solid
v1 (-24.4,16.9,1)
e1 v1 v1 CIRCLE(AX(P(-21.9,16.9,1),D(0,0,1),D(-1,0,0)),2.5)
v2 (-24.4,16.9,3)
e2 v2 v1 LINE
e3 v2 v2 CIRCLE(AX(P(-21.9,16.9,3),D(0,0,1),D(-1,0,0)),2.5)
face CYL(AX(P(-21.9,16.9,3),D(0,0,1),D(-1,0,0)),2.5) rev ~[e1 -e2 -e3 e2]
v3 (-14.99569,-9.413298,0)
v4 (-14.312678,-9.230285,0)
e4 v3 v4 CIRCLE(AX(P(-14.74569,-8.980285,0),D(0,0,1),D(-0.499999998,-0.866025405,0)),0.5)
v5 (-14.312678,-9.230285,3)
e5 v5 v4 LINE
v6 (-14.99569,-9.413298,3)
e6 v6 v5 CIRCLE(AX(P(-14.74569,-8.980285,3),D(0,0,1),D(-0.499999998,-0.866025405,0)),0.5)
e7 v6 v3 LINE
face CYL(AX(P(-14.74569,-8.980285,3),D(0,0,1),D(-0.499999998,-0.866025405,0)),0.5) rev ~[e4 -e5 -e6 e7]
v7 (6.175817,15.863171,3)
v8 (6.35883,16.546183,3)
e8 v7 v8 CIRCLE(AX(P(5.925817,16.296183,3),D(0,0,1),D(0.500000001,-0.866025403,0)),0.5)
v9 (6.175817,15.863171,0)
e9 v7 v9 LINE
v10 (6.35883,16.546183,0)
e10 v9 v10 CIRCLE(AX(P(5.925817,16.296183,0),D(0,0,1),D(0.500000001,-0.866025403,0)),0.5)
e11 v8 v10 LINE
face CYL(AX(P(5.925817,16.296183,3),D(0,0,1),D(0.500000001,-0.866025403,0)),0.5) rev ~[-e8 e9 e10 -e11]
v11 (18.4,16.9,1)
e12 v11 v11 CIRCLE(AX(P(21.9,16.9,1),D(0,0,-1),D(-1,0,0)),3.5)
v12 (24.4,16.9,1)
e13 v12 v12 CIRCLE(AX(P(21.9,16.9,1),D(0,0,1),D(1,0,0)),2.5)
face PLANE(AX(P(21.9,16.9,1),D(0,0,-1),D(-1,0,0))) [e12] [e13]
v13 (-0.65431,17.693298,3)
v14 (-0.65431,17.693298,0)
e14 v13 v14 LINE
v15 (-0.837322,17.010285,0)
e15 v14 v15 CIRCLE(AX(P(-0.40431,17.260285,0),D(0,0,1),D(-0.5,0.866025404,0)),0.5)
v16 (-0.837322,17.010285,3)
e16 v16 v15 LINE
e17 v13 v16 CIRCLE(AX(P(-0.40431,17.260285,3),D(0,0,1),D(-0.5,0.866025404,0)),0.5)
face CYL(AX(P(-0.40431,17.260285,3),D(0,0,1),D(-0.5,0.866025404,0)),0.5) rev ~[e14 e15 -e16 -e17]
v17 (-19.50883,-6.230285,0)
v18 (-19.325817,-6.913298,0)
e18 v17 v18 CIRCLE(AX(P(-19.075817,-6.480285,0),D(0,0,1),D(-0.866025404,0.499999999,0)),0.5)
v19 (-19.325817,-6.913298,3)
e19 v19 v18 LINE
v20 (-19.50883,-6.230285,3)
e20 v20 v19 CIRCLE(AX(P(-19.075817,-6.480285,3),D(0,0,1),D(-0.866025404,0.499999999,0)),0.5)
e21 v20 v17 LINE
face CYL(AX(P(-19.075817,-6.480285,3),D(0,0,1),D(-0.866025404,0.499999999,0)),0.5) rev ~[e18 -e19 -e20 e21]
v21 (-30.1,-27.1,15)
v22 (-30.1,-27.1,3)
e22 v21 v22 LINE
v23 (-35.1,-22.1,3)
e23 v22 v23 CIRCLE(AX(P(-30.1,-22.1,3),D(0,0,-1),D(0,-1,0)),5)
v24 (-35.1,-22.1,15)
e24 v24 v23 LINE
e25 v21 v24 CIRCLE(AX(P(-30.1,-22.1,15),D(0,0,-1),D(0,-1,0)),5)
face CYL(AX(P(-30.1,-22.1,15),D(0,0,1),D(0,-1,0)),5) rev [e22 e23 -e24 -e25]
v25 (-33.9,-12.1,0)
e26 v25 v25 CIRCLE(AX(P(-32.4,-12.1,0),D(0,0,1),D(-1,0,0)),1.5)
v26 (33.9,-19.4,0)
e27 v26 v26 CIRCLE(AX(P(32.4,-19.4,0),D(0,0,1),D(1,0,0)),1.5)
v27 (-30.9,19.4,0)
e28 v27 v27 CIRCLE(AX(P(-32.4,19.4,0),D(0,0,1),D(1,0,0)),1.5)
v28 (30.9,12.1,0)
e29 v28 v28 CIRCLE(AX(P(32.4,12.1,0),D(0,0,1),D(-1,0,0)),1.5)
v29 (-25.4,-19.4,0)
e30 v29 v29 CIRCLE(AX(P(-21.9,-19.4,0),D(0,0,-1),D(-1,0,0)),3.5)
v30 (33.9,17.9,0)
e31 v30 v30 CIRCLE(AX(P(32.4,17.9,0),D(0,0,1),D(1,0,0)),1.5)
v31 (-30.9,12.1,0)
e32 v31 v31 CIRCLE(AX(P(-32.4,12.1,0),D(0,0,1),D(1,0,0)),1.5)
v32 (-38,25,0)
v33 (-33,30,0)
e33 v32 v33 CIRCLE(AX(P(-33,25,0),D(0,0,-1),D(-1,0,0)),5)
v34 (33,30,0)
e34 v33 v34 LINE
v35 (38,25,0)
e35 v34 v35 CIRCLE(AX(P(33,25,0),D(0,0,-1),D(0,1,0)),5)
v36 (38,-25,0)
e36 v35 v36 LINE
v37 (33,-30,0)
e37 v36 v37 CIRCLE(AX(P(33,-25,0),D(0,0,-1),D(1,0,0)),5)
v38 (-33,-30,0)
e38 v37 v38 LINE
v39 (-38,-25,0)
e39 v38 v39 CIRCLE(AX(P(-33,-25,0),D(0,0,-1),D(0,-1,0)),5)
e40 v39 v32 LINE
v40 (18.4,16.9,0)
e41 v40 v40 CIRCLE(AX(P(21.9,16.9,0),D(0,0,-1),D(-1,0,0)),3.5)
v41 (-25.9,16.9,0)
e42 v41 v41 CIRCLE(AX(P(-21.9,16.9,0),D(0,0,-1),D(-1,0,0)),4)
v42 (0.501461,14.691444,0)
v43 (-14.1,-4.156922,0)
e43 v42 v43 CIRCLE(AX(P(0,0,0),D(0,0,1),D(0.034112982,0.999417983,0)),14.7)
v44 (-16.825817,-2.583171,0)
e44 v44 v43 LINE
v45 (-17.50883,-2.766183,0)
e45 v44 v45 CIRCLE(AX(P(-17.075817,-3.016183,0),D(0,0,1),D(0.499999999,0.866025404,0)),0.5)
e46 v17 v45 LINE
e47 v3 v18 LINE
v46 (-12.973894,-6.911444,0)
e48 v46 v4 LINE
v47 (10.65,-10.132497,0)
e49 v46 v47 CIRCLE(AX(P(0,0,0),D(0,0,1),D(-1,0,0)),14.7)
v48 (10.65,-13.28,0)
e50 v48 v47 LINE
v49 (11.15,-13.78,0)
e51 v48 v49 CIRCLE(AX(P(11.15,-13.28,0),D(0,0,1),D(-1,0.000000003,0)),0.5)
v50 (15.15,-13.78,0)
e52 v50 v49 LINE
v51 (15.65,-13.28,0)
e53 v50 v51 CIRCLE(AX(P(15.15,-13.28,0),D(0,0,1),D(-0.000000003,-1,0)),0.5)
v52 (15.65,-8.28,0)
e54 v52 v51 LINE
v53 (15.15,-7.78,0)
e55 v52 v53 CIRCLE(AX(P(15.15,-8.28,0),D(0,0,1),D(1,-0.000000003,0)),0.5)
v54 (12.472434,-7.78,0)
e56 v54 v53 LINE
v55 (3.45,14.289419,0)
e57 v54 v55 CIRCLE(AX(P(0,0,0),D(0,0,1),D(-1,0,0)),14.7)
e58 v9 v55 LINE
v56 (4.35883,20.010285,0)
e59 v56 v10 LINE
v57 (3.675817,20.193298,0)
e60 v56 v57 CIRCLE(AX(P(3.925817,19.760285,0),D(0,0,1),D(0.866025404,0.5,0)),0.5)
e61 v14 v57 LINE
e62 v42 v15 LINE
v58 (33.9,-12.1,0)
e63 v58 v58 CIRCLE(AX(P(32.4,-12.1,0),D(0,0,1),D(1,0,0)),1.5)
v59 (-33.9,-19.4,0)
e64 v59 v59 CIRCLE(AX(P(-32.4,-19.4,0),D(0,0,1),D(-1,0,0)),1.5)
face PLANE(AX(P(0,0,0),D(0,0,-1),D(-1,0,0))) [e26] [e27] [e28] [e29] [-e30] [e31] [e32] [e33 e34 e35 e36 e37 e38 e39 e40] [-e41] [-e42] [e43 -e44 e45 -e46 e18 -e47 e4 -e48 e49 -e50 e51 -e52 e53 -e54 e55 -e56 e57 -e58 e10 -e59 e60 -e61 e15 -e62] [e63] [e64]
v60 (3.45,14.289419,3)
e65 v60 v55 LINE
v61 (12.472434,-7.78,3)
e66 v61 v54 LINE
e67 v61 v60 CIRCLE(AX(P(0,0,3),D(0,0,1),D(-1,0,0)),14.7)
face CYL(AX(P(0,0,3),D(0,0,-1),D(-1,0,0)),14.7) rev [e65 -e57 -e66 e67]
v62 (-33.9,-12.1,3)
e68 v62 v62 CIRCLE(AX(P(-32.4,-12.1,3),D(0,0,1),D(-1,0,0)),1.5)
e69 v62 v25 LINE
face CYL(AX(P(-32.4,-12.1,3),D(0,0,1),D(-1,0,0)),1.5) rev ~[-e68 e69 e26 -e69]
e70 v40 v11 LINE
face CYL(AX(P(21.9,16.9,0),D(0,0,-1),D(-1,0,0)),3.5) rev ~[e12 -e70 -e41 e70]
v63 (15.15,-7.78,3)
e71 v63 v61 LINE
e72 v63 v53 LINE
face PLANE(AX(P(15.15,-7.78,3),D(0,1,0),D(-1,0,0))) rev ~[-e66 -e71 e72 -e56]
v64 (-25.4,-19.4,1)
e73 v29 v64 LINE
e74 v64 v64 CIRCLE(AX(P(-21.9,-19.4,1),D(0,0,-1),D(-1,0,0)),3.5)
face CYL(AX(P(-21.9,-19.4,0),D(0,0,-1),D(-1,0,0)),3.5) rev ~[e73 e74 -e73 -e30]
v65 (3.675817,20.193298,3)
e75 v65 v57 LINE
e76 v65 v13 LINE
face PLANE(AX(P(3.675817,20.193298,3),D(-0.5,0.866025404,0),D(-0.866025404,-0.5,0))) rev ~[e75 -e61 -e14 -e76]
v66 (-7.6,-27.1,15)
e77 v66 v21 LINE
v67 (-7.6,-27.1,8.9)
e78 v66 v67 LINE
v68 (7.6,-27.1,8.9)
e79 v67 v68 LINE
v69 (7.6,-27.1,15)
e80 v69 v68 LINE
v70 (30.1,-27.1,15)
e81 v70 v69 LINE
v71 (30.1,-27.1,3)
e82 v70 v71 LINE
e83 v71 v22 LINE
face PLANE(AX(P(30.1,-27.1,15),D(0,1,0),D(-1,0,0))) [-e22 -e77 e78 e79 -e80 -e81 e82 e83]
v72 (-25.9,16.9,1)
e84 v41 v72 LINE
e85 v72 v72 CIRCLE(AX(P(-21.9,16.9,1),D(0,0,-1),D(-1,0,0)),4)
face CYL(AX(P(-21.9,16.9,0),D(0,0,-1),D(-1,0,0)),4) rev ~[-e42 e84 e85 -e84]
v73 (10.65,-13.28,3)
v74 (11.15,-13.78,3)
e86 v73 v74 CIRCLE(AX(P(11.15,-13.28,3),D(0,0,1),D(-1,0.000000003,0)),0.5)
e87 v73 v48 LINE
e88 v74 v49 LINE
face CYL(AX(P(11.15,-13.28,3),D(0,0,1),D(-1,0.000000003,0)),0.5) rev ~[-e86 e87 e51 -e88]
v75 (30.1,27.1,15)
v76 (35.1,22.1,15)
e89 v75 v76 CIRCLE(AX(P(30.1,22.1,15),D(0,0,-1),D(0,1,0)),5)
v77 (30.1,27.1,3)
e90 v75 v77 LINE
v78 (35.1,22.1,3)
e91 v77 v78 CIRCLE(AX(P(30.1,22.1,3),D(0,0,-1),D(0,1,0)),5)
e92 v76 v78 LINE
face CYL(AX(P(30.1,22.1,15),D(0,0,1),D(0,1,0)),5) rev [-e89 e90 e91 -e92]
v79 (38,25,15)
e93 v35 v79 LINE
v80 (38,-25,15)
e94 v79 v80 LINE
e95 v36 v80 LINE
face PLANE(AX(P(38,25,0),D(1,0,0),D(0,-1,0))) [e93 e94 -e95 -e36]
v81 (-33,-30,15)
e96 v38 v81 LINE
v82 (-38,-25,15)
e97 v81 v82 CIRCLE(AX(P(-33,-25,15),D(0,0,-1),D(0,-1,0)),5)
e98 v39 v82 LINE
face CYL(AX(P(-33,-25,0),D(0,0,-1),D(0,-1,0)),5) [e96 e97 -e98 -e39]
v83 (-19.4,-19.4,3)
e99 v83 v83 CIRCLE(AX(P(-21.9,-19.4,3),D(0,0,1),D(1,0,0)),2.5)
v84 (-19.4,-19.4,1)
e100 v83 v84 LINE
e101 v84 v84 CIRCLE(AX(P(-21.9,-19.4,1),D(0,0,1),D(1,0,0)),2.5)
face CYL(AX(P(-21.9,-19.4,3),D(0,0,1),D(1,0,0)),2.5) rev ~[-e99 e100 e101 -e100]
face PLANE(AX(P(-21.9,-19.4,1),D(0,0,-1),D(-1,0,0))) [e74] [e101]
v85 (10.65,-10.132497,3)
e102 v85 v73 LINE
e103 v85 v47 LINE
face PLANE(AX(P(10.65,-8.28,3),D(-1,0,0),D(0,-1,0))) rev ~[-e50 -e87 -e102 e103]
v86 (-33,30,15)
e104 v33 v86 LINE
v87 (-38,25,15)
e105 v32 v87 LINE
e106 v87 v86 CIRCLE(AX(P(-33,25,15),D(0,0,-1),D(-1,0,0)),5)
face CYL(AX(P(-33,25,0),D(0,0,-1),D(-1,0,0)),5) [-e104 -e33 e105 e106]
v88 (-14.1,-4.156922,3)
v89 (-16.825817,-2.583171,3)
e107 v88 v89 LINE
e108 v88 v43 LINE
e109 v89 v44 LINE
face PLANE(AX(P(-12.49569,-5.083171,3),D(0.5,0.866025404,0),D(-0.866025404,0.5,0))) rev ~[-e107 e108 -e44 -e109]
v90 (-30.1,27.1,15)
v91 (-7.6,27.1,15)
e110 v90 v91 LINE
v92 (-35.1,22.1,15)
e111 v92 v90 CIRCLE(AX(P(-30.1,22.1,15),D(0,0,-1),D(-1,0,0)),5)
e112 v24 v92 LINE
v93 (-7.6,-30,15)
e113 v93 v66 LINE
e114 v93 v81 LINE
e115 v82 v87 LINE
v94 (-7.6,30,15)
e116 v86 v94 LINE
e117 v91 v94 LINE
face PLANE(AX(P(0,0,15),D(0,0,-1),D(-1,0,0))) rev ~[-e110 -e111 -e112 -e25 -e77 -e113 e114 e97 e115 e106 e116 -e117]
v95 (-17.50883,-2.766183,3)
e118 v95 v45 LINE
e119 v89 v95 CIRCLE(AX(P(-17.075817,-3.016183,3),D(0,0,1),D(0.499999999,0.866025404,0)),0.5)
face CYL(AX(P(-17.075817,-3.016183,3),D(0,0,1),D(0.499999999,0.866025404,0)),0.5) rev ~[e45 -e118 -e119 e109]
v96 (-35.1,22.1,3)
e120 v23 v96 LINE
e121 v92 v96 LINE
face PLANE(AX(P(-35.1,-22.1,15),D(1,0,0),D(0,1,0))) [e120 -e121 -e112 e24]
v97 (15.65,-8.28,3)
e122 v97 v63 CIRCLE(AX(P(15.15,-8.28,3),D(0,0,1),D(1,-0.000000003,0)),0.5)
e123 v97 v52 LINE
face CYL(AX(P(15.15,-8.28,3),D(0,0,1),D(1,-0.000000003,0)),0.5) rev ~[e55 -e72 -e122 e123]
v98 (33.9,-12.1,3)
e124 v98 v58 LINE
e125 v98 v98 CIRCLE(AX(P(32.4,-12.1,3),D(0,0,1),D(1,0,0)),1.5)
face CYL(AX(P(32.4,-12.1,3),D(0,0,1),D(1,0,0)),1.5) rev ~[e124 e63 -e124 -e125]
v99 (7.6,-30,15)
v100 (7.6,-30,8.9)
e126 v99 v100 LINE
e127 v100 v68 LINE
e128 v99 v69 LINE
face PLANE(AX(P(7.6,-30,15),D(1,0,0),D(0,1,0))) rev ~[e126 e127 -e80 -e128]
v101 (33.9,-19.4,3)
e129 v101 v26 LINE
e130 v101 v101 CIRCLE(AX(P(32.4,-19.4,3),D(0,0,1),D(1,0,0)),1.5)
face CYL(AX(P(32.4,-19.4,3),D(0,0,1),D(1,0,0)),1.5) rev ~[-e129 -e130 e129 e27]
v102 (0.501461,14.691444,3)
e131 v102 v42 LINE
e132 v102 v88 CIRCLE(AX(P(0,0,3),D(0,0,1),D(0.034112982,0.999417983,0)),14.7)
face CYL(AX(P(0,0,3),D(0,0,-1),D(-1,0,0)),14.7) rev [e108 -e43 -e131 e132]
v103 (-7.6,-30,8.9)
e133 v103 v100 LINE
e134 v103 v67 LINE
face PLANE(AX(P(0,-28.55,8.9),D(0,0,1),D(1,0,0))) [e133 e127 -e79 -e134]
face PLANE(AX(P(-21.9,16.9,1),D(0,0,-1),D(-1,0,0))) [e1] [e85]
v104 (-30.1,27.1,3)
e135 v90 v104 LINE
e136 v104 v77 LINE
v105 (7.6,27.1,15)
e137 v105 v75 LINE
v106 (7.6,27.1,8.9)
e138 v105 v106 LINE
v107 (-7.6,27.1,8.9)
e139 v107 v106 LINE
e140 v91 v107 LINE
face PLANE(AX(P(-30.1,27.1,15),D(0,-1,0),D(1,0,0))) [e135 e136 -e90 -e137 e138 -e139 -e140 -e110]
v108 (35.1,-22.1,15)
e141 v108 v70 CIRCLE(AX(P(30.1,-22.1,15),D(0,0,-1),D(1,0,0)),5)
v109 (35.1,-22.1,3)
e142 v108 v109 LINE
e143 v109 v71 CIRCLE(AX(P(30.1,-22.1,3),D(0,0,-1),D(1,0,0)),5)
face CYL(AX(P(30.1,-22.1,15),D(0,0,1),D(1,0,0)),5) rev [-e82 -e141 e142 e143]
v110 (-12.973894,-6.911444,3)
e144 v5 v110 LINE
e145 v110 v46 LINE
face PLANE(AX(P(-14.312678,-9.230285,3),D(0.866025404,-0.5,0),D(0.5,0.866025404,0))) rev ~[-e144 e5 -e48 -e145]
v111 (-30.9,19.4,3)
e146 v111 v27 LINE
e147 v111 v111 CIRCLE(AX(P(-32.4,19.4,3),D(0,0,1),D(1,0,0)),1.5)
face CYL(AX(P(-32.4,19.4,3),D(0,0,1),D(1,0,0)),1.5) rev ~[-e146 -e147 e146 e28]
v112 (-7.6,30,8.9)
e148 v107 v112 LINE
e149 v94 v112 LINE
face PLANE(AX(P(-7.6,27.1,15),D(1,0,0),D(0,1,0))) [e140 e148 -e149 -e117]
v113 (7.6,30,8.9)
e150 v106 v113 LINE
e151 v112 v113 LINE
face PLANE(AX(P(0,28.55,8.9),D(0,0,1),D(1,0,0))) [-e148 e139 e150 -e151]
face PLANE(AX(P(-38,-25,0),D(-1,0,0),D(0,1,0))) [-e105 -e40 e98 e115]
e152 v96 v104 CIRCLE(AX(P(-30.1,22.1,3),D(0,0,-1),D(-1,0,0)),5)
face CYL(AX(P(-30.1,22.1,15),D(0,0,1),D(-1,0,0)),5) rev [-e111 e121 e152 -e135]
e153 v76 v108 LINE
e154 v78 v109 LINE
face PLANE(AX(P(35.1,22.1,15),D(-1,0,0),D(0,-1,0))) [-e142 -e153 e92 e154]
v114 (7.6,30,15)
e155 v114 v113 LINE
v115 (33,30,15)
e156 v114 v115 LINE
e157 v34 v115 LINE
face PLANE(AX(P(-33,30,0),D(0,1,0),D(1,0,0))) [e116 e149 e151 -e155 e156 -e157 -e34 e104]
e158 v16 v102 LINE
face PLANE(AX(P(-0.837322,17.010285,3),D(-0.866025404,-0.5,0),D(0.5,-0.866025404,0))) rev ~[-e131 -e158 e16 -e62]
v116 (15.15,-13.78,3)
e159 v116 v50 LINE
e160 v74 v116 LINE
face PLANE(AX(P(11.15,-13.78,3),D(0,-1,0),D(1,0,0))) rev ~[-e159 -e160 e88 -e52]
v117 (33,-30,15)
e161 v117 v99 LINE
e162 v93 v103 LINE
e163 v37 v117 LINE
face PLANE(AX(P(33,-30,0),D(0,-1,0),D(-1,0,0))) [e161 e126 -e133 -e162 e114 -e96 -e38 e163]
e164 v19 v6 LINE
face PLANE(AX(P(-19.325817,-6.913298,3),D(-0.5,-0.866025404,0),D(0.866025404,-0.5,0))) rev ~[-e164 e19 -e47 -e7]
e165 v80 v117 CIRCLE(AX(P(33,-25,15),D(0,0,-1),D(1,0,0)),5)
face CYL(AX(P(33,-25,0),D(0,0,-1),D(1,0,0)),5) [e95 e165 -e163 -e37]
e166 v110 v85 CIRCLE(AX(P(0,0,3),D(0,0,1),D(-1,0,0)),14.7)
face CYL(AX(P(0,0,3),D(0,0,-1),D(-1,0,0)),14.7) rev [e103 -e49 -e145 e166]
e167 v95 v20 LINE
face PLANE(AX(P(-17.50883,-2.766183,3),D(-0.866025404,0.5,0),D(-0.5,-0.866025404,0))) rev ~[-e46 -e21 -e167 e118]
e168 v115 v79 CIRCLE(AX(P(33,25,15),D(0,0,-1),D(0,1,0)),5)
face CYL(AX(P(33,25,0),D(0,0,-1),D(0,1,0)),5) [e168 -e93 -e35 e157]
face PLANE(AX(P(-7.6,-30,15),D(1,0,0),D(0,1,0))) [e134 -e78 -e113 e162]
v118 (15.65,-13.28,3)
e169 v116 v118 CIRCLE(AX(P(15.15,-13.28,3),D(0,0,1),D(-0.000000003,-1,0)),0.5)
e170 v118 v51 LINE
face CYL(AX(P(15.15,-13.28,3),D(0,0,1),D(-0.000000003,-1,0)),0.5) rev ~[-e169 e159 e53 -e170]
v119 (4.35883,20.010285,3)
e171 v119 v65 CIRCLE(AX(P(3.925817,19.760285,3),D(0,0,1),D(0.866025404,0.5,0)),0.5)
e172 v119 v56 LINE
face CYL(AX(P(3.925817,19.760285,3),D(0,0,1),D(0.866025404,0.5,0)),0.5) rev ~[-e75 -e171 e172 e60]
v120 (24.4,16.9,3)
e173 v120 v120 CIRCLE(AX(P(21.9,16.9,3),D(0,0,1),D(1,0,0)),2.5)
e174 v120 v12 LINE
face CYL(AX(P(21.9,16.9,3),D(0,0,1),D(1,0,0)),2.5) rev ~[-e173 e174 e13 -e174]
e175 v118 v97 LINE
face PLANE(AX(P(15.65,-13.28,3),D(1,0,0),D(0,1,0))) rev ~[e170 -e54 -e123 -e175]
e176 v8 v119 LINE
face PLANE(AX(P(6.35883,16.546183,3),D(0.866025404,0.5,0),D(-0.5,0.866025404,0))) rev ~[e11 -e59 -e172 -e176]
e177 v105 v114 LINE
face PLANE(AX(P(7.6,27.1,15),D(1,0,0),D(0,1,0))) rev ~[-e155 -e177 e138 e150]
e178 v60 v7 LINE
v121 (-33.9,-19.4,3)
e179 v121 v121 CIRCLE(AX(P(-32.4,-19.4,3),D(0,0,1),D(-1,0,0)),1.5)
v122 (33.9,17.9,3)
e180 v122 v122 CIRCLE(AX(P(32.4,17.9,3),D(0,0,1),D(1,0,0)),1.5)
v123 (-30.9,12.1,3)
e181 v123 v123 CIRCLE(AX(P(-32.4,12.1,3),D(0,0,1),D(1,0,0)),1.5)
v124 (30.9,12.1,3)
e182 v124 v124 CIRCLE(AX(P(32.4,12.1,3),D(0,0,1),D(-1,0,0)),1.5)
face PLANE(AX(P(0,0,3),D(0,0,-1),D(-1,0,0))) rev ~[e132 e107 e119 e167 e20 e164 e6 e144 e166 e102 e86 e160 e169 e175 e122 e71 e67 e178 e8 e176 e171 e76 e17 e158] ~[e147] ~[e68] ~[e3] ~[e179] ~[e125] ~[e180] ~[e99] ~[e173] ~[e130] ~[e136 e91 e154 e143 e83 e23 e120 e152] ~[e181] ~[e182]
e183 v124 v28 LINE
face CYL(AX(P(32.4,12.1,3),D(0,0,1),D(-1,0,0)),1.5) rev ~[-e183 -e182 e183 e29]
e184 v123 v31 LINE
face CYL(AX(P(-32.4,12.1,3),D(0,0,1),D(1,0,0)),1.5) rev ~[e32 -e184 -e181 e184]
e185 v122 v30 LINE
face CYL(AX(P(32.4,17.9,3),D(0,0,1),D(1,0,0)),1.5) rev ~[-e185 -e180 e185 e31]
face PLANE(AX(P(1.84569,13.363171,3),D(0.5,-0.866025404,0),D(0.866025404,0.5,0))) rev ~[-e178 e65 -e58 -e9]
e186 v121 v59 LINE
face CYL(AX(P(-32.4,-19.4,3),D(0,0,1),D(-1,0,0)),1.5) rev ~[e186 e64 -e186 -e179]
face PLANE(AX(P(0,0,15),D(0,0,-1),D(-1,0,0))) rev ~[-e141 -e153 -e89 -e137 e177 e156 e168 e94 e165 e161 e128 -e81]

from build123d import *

# Parameters (mm, degrees)
EXTRUDE_1_DEPTH     = 15
CUT_EXTRUDE_1_DEPTH = 12
SKETCH_4_W          = 15.2
SKETCH_4_H          = 2.9
CUT_EXTRUDE_2_DEPTH = 6.1
SKETCH_5_R          = 1.5
CUT_EXTRUDE_3_DEPTH = 50.879855653
SKETCH_8_R          = 2.5
CUT_EXTRUDE_4_DEPTH = 50.879855653
SKETCH_9_R          = 3.5
SKETCH_9_R_2        = 4
CUT_EXTRUDE_6_DEPTH = 1


with BuildPart() as part:
    # 草圖1 → 填料-伸長1 (new body)
    with BuildSketch(Plane.XY):
        with BuildLine():
            Line((-33, 30), (33, 30))
            ThreePointArc((33, 30), (36.535533906, 28.535533906), (38, 25))
            Line((38, 25), (38, -25))
            ThreePointArc((38, -25), (36.535533906, -28.535533906), (33, -30))
            Line((33, -30), (-33, -30))
            ThreePointArc((-33, -30), (-36.535533906, -28.535533906), (-38, -25))
            Line((-38, -25), (-38, 25))
            ThreePointArc((-38, 25), (-36.535533906, 28.535533906), (-33, 30))
        make_face()
    extrude(amount=EXTRUDE_1_DEPTH)

    # 草圖2 → 除料-伸長1 (cut)
    with BuildSketch(Plane.XY.offset(15)):
        with BuildLine():
            Line((-30.1, 27.1), (30.1, 27.1))
            ThreePointArc((30.1, 27.1), (33.635533906, 25.635533906), (35.1, 22.1))
            Line((35.1, 22.1), (35.1, -22.1))
            ThreePointArc((35.1, -22.1), (33.635533906, -25.635533906), (30.1, -27.1))
            Line((30.1, -27.1), (-30.1, -27.1))
            ThreePointArc((-30.1, -27.1), (-33.635533906, -25.635533906), (-35.1, -22.1))
            Line((-35.1, -22.1), (-35.1, 22.1))
            ThreePointArc((-35.1, 22.1), (-33.635533906, 25.635533906), (-30.1, 27.1))
        make_face()
    extrude(amount=-CUT_EXTRUDE_1_DEPTH, mode=Mode.SUBTRACT)

    # 草圖3 → 除料-旋轉1 (revolve, cut)
    with BuildSketch(Plane(origin=(0, 0, 0), x_dir=(1, 0, 0), z_dir=(0, 1, 0)), mode=Mode.PRIVATE) as cut_revolve_1_sk:
        Polygon((0, -3), (14.7, -3), (14.7, -1.9), (14.7, 0), (0, 0), (0, -1.9), align=None)
    revolve(cut_revolve_1_sk.sketch.rotate(Axis((0, 0, -11.605627028), (0, 0, 1)), 180), axis=Axis((0, 0, -11.605627028), (0, 0, 1)), mode=Mode.SUBTRACT)

    # 草圖4 → 除料-伸長2 (cut)
    with BuildSketch(Plane.XY.offset(15)):
        with Locations((0, 28.55)):
            Rectangle(SKETCH_4_W, SKETCH_4_H)
        with Locations((0, -28.55)):
            Rectangle(SKETCH_4_W, SKETCH_4_H)
    extrude(amount=-CUT_EXTRUDE_2_DEPTH, mode=Mode.SUBTRACT)

    # 草圖5 → 除料-伸長3 (cut, through all)
    with BuildSketch(Plane.XY.offset(3)):
        with BuildLine():
            ThreePointArc((-0.654309657, 17.693297569), (-0.88727257, 17.38969439), (-0.837322359, 17.010284867))
            Line((-0.837322359, 17.010284867), (1.162677641, 13.546183252))
            ThreePointArc((1.162677641, 13.546183252), (1.725099866, 14.279146165), (1.845690343, 13.36317055))
            Line((1.845690343, 13.36317055), (6.175817362, 15.86317055))
            ThreePointArc((6.175817362, 15.86317055), (6.408780275, 16.16677373), (6.358830064, 16.546183252))
            Line((6.358830064, 16.546183252), (4.358830064, 20.010284867))
            ThreePointArc((4.358830064, 20.010284867), (4.055226885, 20.24324778), (3.675817362, 20.193297569))
            Line((3.675817362, 20.193297569), (-0.654309657, 17.693297569))
        make_face()
        with BuildLine():
            Line((-14.312677641, -9.230284867), (-12.312677641, -5.766183252))
            ThreePointArc((-12.312677641, -5.766183252), (-13.228653256, -5.645592775), (-12.495690343, -5.08317055))
            Line((-12.495690343, -5.08317055), (-16.825817362, -2.58317055))
            ThreePointArc((-16.825817362, -2.58317055), (-17.205226885, -2.533220339), (-17.508830064, -2.766183252))
            Line((-17.508830064, -2.766183252), (-19.508830064, -6.230284867))
            ThreePointArc((-19.508830064, -6.230284867), (-19.558780275, -6.60969439), (-19.325817362, -6.913297569))
            Line((-19.325817362, -6.913297569), (-14.995690343, -9.413297569))
            ThreePointArc((-14.995690343, -9.413297569), (-14.616280821, -9.46324778), (-14.312677641, -9.230284867))
        make_face()
        with BuildLine():
            Line((15.15, -7.78), (11.15, -7.78))
            ThreePointArc((11.15, -7.78), (10.796446609, -7.926446609), (10.65, -8.28))
            Line((10.65, -8.28), (10.65, -13.28))
            ThreePointArc((10.65, -13.28), (10.796446609, -13.633553391), (11.15, -13.78))
            Line((11.15, -13.78), (15.15, -13.78))
            ThreePointArc((15.15, -13.78), (15.503553391, -13.633553391), (15.65, -13.28))
            Line((15.65, -13.28), (15.65, -8.28))
            ThreePointArc((15.65, -8.28), (15.503553391, -7.926446609), (15.15, -7.78))
        make_face()
        with Locations((-32.4, 19.4)):
            Circle(SKETCH_5_R)
        with Locations((32.4, 17.9)):
            Circle(SKETCH_5_R)
        with Locations(Location((-32.4, -19.4, 0), (0, 0, 180))):
            Circle(SKETCH_5_R)
        with Locations((32.4, -19.4)):
            Circle(SKETCH_5_R)
        with Locations((-32.4, 12.1)):
            Circle(SKETCH_5_R)
        with Locations(Location((32.4, 12.1, 0), (0, 0, 180))):
            Circle(SKETCH_5_R)
        with Locations((32.4, -12.1)):
            Circle(SKETCH_5_R)
        with Locations(Location((-32.4, -12.1, 0), (0, 0, 180))):
            Circle(SKETCH_5_R)
    extrude(amount=-CUT_EXTRUDE_3_DEPTH, mode=Mode.SUBTRACT)

    # 草圖8 → 除料-伸長4 (cut, through all)
    with BuildSketch(Plane.XY.offset(3)):
        with Locations((-21.9, -19.4)):
            Circle(SKETCH_8_R)
        with Locations((21.9, 16.9)):
            Circle(SKETCH_8_R)
        with Locations(Location((-21.9, 16.9, 0), (0, 0, 180))):
            Circle(SKETCH_8_R)
    extrude(amount=-CUT_EXTRUDE_4_DEPTH, mode=Mode.SUBTRACT)

    # 草圖9 → 除料-伸長6 (cut)
    with BuildSketch(Plane(origin=(0, 0, 0), x_dir=(-1, 0, 0), z_dir=(0, 0, -1))):
        with Locations((-21.9, 16.9)):
            Circle(SKETCH_9_R)
        with Locations((21.9, -19.4)):
            Circle(SKETCH_9_R)
        with Locations((21.9, 16.9)):
            Circle(SKETCH_9_R_2)
    extrude(amount=-CUT_EXTRUDE_6_DEPTH, mode=Mode.SUBTRACT)


solid = part.part
